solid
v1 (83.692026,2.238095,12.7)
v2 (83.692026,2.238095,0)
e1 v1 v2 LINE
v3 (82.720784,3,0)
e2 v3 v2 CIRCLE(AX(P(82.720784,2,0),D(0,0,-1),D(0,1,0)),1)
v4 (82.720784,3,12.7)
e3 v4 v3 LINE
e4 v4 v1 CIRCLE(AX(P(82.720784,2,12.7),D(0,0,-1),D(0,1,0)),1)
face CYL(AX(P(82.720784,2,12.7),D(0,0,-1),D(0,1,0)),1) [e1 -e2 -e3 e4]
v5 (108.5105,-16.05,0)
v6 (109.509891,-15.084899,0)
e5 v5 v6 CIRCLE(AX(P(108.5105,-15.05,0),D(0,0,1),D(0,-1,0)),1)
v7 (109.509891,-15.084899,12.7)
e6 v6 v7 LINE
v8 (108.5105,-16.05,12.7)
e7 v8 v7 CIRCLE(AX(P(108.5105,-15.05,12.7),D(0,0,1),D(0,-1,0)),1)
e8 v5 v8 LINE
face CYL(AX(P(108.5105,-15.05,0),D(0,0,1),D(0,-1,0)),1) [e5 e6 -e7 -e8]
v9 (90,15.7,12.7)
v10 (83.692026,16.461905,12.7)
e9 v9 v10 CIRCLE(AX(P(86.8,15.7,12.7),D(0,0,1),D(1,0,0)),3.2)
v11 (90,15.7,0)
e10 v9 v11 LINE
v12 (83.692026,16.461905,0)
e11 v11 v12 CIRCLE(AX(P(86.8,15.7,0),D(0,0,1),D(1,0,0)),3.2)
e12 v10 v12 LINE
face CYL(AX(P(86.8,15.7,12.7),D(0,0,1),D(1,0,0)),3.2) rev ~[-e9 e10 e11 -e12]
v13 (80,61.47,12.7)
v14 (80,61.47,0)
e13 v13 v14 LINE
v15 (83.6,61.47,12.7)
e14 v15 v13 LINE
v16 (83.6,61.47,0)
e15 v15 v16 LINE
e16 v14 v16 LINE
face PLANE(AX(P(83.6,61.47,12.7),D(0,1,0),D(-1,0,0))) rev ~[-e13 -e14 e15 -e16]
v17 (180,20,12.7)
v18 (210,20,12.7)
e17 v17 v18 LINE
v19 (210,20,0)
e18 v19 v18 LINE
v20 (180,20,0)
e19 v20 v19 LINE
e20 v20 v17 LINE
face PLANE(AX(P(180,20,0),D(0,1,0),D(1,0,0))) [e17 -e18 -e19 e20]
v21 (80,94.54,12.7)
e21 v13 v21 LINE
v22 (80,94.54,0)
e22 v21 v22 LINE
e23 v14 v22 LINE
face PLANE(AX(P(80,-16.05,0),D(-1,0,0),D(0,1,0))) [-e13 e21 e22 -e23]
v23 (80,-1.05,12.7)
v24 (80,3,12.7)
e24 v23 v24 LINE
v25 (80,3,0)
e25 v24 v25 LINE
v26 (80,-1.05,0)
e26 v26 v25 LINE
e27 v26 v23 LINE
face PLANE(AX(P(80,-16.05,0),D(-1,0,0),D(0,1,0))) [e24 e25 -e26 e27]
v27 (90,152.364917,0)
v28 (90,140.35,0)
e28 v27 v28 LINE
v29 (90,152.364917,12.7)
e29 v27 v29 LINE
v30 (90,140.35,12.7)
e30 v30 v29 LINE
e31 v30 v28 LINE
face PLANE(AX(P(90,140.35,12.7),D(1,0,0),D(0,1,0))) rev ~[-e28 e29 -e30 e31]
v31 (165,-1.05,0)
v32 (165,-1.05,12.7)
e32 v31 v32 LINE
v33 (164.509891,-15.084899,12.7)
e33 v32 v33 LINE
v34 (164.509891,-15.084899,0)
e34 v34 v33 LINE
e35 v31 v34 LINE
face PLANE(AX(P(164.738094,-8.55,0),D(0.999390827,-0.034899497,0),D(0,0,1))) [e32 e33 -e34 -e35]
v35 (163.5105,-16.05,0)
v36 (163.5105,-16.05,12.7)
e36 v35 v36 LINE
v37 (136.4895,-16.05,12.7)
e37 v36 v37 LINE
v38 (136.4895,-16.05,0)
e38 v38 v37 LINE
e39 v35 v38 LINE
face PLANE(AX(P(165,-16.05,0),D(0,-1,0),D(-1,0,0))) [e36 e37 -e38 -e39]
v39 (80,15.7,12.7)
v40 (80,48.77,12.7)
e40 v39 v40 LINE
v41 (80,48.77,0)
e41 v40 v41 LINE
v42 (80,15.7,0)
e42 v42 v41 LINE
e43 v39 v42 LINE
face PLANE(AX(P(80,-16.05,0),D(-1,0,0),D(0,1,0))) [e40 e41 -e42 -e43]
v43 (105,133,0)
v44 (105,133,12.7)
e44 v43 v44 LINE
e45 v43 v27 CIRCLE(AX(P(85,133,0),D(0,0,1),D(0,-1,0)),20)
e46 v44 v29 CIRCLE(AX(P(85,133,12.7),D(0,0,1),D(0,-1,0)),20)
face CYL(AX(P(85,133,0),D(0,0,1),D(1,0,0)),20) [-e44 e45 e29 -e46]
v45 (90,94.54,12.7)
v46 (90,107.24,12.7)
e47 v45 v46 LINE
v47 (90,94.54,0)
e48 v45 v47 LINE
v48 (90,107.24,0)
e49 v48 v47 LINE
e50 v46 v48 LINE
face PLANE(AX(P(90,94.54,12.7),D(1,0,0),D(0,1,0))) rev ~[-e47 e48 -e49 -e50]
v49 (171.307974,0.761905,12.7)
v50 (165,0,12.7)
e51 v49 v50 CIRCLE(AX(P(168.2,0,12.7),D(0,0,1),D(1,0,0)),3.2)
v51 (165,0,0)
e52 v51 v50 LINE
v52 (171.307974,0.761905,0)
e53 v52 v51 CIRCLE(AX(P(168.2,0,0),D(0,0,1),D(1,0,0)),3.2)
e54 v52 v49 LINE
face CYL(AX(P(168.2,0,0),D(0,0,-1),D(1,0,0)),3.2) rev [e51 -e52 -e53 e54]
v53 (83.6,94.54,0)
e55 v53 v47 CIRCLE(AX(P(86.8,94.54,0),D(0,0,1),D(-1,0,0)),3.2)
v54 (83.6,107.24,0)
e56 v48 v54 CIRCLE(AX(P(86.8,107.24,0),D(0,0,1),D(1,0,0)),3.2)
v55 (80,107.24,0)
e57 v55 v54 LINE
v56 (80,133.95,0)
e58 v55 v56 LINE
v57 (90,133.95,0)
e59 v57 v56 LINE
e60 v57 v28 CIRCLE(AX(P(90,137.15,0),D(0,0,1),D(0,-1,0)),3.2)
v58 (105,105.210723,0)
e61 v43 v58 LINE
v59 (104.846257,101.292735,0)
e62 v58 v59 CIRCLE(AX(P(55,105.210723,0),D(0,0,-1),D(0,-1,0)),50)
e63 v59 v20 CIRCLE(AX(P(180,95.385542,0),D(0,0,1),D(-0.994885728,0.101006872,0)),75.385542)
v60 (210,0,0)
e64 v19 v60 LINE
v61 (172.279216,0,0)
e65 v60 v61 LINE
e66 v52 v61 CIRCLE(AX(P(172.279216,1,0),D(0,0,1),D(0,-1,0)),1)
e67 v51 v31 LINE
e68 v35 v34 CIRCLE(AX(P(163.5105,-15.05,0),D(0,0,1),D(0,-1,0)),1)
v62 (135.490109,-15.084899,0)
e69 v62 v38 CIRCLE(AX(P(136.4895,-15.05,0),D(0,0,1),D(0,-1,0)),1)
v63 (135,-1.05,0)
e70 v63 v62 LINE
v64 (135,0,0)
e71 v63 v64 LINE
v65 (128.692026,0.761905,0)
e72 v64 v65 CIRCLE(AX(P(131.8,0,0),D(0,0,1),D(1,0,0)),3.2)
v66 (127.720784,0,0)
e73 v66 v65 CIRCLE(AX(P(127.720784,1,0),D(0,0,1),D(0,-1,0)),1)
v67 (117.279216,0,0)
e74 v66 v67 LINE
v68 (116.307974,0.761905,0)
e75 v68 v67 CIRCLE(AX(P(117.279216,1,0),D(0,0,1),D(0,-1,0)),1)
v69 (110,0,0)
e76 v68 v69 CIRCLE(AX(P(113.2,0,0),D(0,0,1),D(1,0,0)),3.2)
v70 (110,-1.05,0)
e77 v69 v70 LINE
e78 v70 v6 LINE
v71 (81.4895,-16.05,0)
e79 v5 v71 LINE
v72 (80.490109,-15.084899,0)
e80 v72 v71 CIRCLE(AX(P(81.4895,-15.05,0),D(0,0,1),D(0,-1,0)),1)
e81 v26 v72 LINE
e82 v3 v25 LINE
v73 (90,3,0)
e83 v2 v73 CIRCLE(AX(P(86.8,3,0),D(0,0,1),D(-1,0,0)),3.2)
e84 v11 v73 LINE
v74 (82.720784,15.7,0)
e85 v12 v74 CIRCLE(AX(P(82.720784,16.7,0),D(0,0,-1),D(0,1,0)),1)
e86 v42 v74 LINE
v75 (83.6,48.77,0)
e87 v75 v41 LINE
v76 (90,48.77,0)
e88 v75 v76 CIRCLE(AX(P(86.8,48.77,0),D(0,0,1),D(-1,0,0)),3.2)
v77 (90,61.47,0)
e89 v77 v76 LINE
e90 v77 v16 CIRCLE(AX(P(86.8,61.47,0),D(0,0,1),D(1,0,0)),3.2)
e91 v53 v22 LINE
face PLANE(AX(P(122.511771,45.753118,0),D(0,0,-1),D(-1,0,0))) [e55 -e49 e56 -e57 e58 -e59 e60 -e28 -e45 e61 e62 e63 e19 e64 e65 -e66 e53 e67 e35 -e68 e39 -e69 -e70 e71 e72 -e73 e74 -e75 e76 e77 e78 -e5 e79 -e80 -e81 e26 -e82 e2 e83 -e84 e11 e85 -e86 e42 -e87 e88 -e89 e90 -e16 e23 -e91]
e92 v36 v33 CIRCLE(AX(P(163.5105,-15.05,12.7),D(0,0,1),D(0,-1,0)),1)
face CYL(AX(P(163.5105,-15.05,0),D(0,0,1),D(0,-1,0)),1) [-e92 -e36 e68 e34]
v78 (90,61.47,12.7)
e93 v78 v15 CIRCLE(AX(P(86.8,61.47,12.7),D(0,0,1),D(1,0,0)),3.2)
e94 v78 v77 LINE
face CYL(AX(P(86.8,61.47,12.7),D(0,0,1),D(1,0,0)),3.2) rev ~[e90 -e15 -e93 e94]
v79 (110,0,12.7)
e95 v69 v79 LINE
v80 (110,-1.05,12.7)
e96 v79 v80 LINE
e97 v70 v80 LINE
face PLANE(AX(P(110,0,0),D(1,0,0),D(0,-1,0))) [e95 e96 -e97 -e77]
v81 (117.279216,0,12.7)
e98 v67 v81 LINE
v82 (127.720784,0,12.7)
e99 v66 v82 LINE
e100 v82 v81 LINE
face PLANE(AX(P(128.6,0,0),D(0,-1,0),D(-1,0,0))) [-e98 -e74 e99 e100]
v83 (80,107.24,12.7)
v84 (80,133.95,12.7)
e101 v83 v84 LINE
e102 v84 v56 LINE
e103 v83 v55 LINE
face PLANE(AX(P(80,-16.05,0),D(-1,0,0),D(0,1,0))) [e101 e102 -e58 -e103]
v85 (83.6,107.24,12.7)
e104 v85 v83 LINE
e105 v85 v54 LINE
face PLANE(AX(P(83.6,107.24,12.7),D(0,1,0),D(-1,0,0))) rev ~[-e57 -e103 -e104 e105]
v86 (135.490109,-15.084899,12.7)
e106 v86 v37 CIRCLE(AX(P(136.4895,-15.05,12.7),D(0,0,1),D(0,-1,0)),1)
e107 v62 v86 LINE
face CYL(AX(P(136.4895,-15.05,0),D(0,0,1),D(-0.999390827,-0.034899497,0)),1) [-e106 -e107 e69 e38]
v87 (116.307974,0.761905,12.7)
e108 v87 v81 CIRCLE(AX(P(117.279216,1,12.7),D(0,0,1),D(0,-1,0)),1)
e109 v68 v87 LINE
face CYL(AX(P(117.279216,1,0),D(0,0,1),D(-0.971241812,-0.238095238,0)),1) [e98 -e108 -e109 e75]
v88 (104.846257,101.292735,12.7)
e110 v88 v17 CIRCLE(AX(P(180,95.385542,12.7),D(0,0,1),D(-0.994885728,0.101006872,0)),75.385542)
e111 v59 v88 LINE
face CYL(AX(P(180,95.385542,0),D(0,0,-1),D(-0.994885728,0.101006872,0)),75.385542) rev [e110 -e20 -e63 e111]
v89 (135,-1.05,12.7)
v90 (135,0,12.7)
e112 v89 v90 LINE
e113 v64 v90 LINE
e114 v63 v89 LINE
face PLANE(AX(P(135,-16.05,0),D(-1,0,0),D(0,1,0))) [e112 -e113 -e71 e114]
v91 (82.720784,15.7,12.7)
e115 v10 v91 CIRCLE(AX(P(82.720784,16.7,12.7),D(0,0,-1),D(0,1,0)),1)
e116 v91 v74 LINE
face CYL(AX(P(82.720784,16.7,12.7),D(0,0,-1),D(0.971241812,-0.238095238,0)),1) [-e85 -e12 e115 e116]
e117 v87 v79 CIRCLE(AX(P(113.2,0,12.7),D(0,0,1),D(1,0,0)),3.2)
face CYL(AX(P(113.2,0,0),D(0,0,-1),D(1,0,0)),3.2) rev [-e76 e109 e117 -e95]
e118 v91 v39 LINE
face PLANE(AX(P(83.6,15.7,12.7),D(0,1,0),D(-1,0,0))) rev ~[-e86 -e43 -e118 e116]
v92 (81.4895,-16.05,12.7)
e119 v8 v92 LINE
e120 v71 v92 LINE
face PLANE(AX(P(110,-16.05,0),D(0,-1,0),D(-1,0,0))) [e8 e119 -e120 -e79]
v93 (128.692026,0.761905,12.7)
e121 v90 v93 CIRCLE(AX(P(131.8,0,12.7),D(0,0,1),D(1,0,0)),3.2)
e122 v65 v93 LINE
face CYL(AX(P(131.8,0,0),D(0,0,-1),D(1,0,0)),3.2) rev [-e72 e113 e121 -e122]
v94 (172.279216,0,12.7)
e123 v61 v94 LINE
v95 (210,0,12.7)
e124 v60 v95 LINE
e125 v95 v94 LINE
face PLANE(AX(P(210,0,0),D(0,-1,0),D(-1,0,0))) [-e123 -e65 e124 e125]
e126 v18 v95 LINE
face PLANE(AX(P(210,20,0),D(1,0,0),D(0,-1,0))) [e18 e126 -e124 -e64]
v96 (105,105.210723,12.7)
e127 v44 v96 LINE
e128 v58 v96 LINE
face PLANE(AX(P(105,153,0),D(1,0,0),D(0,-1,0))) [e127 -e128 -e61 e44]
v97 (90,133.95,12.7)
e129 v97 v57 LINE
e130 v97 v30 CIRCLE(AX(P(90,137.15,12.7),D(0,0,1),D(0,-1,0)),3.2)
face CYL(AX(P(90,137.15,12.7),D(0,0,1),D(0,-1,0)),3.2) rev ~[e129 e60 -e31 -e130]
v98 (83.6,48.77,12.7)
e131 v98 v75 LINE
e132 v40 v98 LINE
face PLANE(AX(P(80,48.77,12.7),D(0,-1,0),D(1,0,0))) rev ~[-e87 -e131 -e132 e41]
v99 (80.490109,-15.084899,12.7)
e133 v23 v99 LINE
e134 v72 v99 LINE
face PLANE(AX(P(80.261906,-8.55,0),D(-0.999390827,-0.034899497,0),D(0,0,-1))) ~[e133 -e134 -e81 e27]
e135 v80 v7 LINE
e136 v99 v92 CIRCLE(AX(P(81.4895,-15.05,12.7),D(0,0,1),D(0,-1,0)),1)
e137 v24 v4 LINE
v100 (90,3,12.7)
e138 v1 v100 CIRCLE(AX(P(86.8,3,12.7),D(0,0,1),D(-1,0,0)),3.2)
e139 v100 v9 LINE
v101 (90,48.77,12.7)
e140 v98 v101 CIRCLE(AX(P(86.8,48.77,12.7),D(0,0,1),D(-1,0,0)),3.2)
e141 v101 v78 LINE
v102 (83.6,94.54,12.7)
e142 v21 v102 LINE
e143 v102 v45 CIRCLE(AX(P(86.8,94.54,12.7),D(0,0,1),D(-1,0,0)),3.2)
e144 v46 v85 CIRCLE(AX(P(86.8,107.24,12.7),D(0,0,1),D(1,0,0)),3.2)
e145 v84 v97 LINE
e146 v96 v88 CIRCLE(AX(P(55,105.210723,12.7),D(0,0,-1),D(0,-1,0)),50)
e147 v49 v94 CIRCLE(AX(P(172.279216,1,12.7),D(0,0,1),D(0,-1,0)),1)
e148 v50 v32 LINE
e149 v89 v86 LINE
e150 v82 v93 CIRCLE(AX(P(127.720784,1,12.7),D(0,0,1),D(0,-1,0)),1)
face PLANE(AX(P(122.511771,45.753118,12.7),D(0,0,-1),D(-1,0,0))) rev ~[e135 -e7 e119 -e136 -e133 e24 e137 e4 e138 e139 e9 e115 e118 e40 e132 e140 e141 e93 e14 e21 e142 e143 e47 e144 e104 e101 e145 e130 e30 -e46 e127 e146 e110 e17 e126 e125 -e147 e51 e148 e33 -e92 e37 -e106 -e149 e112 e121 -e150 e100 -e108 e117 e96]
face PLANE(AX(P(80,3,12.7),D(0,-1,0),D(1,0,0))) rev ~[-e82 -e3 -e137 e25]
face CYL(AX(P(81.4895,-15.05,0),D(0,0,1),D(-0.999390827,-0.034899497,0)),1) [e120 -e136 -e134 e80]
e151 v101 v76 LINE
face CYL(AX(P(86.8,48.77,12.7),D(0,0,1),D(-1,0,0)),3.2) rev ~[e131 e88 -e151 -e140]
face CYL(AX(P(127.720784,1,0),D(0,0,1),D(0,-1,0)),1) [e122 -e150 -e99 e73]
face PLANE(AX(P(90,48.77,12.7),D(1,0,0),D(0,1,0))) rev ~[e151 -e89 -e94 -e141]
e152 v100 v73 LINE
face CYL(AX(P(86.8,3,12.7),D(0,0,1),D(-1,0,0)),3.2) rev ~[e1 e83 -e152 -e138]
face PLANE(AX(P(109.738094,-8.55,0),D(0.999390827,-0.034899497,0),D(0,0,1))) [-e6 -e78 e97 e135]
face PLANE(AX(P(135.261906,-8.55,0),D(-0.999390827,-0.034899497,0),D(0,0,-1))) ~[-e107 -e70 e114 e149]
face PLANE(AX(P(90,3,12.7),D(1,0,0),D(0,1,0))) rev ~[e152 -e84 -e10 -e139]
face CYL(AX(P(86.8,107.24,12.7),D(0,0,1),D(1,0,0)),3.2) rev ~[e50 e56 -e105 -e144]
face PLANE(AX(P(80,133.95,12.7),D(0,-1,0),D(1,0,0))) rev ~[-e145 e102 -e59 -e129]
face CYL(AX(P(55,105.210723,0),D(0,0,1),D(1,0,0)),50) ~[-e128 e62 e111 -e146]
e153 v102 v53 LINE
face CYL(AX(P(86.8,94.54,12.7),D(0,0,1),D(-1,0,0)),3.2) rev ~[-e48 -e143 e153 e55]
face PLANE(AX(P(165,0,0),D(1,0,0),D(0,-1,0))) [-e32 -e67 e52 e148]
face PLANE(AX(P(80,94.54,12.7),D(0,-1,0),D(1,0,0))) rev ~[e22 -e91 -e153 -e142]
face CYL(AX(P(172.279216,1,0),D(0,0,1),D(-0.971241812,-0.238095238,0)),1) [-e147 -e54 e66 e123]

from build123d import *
from OCP.BRepFilletAPI import BRepFilletAPI_MakeChamfer

# Parameters (mm, degrees)
BOSS_EXTRUDE1_DEPTH = 12.7
FILLET1_R           = 50
FILLET2_R           = 20
CUT_EXTRUDE1_DEPTH  = 261.135137957
CHAMFER1_SIZE       = 15
CHAMFER1_SIZE2      = 0.523811542
FILLET3_R           = 1
LPATTERN1_COUNT     = 3
LPATTERN1_PITCH     = 45.77
CUT_EXTRUDE2_DEPTH  = 261.135137957


with BuildPart() as part:
    # Sketch1 → Boss-Extrude1 (new body)
    with BuildSketch(Plane.XY):
        with BuildLine():
            Line((105, 153), (105, 103))
            ThreePointArc((105, 103), (124.067004371, 44.843678649), (180, 20))
            Line((180, 20), (210, 20))
            Line((210, 20), (210, 0))
            Line((210, 0), (171.4, 0))
            ThreePointArc((171.4, 0), (168.2, 3.2), (165, 0))
            Line((165, 0), (165, -16.05))
            Line((165, -16.05), (135, -16.05))
            Line((135, -16.05), (135, 0))
            ThreePointArc((135, 0), (131.8, 3.2), (128.6, 0))
            Line((128.6, 0), (116.4, 0))
            ThreePointArc((116.4, 0), (113.2, 3.2), (110, 0))
            Line((110, 0), (110, -16.05))
            Line((110, -16.05), (80, -16.05))
            Line((80, -16.05), (80, 0))
            Line((80, 0), (80, 153))
            Line((80, 153), (105, 153))
        make_face()
    extrude(amount=BOSS_EXTRUDE1_DEPTH)

    # Fillet1
    fillet1_edges = [part.edges().sort_by_distance(p)[0] for p in [
        (105, 103, 6.35),
    ]]
    fillet(fillet1_edges, radius=FILLET1_R)

    # Fillet2
    fillet2_edges = [part.edges().sort_by_distance(p)[0] for p in [
        (105, 153, 6.35),
    ]]
    fillet(fillet2_edges, radius=FILLET2_R)

    # Sketch2 → Cut-Extrude1 (cut, through all)
    with BuildSketch(Plane.XY.offset(12.7)):
        with BuildLine():
            Line((83.6, 15.7), (80, 15.7))
            Line((80, 15.7), (80, 3))
            Line((80, 3), (83.6, 3))
            ThreePointArc((83.6, 3), (86.8, -0.2), (90, 3))
            Line((90, 3), (90, 15.7))
            ThreePointArc((90, 15.7), (86.8, 18.9), (83.6, 15.7))
        make_face()
    cut_extrude1 = extrude(amount=-CUT_EXTRUDE1_DEPTH, mode=Mode.SUBTRACT)

    # Chamfer1: one chamfer whose edges measure the first distance from different faces: ONE call of the kernel's chamfer builder (chamfer() names one face for all edges)
    chamfer1_edges_1 = [part.edges().sort_by_distance(p)[0] for p in [
        (165, -16.05, 6.35),
    ]]
    chamfer1_side_1 = [part.faces().sort_by_distance(p)[0] for p in [
        (165, -8.025, 6.35),
    ]]
    chamfer1_edges_2 = [part.edges().sort_by_distance(p)[0] for p in [
        (135, -16.05, 6.35),
    ]]
    chamfer1_side_2 = [part.faces().sort_by_distance(p)[0] for p in [
        (135, -8.025, 6.35),
    ]]
    chamfer1_edges_3 = [part.edges().sort_by_distance(p)[0] for p in [
        (110, -16.05, 6.35),
    ]]
    chamfer1_side_3 = [part.faces().sort_by_distance(p)[0] for p in [
        (110, -8.025, 6.35),
    ]]
    chamfer1_edges_4 = [part.edges().sort_by_distance(p)[0] for p in [
        (80, -16.05, 6.35),
    ]]
    chamfer1_side_4 = [part.faces().sort_by_distance(p)[0] for p in [
        (80, -6.525, 6.35),
    ]]
    chamfer1 = BRepFilletAPI_MakeChamfer(part.part.solid().wrapped)
    for e in chamfer1_edges_1:
        chamfer1.Add(CHAMFER1_SIZE, CHAMFER1_SIZE2, e.wrapped, chamfer1_side_1[0].wrapped)  # the first distance lies on this face
    for e in chamfer1_edges_2:
        chamfer1.Add(CHAMFER1_SIZE, CHAMFER1_SIZE2, e.wrapped, chamfer1_side_2[0].wrapped)  # the first distance lies on this face
    for e in chamfer1_edges_3:
        chamfer1.Add(CHAMFER1_SIZE, CHAMFER1_SIZE2, e.wrapped, chamfer1_side_3[0].wrapped)  # the first distance lies on this face
    for e in chamfer1_edges_4:
        chamfer1.Add(CHAMFER1_SIZE, CHAMFER1_SIZE2, e.wrapped, chamfer1_side_4[0].wrapped)  # the first distance lies on this face
    add(Compound.cast(chamfer1.Shape()), mode=Mode.REPLACE)

    # Fillet3
    fillet3_edges = [part.edges().sort_by_distance(p)[0] for p in [
        (171.4, 0, 6.35),
        (128.6, 0, 6.35),
        (116.4, 0, 6.35),
        (83.6, 3, 6.35),
        (83.6, 15.7, 6.35),
        (109.476188458, -16.05, 6.35),
        (80.523811542, -16.05, 6.35),
        (135.523811542, -16.05, 6.35),
        (164.476188458, -16.05, 6.35),
    ]]
    fillet(fillet3_edges, radius=FILLET3_R)

    # LPattern1: Cut-Extrude1 ×3
    with Locations(*[(0, i * LPATTERN1_PITCH, 0) for i in range(1, LPATTERN1_COUNT)]):
        add(cut_extrude1, mode=Mode.SUBTRACT)

    # Sketch3 → Cut-Extrude2 (cut, through all)
    with BuildSketch(Plane.XY.offset(12.7)):
        with BuildLine():
            Line((80, 133.95), (90, 133.95))
            ThreePointArc((90, 133.95), (93.2, 137.15), (90, 140.35))
            Line((90, 140.35), (90, 153))
            Line((90, 153), (80, 153))
            Line((80, 153), (80, 133.95))
        make_face()
    extrude(amount=-CUT_EXTRUDE2_DEPTH, mode=Mode.SUBTRACT)


solid = part.part
